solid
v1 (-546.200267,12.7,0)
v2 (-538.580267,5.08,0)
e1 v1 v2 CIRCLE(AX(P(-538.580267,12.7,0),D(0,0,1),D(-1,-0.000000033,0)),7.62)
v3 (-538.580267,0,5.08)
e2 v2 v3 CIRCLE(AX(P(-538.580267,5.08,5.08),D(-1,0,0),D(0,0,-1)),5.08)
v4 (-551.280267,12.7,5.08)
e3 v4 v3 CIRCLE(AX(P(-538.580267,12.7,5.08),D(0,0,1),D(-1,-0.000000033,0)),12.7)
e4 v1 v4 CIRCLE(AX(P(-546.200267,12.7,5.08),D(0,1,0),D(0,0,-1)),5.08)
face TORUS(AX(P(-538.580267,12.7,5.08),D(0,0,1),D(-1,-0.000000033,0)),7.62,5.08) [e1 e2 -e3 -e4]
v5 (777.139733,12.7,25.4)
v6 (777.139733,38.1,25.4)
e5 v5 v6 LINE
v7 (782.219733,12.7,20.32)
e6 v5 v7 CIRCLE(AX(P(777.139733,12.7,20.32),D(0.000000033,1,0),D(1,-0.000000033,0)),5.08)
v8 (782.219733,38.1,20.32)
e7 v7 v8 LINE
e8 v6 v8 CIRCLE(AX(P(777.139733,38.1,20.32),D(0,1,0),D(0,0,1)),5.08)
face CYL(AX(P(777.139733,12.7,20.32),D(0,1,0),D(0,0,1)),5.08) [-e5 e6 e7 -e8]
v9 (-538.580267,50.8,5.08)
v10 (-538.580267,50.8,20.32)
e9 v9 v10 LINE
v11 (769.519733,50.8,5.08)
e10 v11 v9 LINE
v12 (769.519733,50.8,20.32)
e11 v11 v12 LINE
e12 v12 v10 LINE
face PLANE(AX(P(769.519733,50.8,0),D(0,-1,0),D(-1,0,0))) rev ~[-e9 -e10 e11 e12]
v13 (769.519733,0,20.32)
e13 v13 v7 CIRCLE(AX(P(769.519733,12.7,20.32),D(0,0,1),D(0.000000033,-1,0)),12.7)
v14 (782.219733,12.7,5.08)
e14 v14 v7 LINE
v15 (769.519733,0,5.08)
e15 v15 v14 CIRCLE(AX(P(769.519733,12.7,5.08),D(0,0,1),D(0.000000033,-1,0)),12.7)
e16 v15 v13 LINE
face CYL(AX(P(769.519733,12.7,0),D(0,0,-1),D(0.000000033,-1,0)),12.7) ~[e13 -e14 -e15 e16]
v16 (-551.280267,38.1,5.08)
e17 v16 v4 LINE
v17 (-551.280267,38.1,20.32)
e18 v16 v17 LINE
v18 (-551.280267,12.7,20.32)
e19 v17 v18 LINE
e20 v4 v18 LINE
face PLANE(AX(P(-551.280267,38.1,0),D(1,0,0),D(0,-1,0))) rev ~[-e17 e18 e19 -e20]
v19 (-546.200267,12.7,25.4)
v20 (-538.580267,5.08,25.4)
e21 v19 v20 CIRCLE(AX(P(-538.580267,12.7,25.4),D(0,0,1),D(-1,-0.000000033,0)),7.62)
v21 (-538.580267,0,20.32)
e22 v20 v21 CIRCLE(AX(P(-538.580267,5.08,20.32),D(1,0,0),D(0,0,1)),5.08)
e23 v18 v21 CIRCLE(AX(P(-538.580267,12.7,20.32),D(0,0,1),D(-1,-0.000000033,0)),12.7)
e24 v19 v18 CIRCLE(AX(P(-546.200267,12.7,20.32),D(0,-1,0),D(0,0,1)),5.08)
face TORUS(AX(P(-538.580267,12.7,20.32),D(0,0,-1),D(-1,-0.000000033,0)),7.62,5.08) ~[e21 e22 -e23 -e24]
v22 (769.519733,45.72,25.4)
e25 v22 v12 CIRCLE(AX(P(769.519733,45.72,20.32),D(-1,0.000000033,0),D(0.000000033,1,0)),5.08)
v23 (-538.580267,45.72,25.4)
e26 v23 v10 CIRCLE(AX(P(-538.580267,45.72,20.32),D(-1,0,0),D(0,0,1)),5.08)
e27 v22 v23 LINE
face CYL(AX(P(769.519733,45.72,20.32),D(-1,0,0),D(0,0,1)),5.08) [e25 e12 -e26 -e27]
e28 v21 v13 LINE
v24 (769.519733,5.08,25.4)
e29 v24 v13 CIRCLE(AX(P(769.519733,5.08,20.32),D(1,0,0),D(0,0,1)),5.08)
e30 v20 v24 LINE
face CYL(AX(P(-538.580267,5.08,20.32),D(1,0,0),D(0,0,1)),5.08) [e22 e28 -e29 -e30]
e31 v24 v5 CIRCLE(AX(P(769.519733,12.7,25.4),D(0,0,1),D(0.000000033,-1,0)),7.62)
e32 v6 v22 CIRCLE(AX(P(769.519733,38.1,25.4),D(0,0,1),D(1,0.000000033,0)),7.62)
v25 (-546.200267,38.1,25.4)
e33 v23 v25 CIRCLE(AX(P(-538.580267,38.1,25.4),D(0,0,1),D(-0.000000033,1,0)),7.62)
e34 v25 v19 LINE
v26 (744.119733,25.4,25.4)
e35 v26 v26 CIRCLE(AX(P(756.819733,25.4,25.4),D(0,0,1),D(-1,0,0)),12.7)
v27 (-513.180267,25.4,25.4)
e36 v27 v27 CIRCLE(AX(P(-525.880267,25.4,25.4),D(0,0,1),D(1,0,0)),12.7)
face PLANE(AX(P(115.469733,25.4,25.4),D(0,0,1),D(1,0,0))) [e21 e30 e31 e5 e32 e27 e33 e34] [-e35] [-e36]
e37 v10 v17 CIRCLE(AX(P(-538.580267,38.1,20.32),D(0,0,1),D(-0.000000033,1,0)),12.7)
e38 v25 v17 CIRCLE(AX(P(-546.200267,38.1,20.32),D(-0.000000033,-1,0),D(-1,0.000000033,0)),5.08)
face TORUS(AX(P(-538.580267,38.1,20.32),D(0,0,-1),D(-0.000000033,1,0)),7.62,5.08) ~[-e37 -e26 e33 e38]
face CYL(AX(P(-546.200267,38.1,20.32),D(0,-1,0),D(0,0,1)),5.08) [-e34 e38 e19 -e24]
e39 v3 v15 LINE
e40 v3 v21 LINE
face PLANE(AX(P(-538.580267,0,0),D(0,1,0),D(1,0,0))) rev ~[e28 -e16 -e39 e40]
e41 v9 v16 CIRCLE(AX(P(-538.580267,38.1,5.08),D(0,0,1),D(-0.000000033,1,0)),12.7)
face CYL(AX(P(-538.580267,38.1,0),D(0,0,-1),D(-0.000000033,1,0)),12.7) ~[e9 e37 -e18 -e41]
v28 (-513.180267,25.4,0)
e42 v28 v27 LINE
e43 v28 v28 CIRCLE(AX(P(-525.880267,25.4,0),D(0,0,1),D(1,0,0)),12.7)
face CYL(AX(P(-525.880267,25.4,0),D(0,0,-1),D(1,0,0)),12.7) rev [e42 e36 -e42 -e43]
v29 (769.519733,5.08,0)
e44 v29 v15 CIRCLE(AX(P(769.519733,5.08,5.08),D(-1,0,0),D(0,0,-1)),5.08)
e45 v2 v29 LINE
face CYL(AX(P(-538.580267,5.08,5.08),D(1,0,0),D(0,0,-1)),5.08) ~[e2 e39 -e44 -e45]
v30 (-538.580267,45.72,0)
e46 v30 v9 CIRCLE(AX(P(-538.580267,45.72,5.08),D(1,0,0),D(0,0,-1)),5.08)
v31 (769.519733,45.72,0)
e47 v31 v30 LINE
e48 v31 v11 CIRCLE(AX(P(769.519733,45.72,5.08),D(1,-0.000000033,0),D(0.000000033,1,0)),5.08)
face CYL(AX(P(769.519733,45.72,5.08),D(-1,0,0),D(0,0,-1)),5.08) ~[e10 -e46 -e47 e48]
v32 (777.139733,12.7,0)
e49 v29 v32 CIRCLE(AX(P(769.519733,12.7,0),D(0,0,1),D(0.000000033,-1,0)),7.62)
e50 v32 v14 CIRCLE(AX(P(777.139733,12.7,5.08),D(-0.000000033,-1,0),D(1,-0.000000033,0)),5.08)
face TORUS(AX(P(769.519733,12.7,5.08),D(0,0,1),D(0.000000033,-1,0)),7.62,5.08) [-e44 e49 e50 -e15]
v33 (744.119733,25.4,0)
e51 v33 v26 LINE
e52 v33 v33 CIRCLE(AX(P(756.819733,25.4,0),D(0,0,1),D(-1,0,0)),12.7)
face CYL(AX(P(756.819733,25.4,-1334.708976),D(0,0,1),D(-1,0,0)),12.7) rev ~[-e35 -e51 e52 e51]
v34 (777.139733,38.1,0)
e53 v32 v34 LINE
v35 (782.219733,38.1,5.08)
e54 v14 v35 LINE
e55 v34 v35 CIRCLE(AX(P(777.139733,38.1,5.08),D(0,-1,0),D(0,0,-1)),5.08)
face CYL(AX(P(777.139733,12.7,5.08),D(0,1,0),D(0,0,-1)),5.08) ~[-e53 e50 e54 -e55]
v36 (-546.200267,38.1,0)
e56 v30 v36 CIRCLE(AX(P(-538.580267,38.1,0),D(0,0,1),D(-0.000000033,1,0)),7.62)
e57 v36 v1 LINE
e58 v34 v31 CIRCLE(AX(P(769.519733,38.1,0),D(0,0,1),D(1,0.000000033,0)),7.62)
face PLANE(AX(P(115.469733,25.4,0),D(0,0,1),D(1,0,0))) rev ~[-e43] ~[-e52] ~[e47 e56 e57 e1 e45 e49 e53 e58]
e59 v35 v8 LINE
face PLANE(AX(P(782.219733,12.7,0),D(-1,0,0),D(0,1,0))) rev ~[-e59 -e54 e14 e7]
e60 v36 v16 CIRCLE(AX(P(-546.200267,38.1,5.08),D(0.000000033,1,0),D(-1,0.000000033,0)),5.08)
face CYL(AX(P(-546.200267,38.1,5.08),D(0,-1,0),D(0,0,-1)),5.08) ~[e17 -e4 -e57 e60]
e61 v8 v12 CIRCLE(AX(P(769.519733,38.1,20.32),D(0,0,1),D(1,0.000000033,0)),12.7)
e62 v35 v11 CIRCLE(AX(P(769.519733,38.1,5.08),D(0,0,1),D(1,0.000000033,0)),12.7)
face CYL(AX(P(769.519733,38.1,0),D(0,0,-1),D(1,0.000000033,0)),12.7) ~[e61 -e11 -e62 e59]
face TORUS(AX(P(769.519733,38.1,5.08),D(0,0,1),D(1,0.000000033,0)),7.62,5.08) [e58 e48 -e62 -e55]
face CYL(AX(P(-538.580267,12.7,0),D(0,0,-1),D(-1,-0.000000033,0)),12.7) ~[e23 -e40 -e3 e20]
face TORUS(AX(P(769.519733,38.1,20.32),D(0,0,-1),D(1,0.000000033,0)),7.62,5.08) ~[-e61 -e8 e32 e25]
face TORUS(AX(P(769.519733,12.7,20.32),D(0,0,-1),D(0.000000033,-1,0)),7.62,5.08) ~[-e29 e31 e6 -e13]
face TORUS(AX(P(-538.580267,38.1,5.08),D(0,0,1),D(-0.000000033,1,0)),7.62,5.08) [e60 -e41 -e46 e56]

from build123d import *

# Parameters (mm, degrees)
F0_R     = 12.7
F1_DEPTH = 25.4
F3_D     = 25.4
F4_R     = 5.08


with BuildPart() as f1:
    # F0 (on Top) → F1 (new body)
    with BuildSketch(Plane.XY):
        with BuildLine():
            Line((769.519733, 50.8), (-538.580267, 50.8))
            ThreePointArc((-538.580267, 50.8), (-547.560523, 47.080256), (-551.280267, 38.1))
            Line((-551.280267, 38.1), (-551.280267, 12.7))
            ThreePointArc((-551.280267, 12.7), (-547.560523, 3.719744), (-538.580267, 0))
            Line((-538.580267, 0), (769.519733, 0))
            ThreePointArc((769.519733, 0), (778.499989, 3.719744), (782.219733, 12.7))
            Line((782.219733, 12.7), (782.219733, 38.1))
            ThreePointArc((782.219733, 38.1), (778.499989, 47.080256), (769.519733, 50.8))
        make_face()
        with Locations((-525.880267, 25.4)):
            Circle(F0_R, mode=Mode.SUBTRACT)
    extrude(amount=F1_DEPTH)

    # F3 (through all)
    with Locations(Plane(origin=(0, 0, 0), x_dir=(1, 0, 0), z_dir=(0, 0, -1))):
        with Locations((756.819733, -25.4)):
            Hole(F3_D / 2)

    # F4
    f4_edges = [f1.edges().sort_by_distance(p)[0] for p in [
        (115.469733, 0, 0),
        (-551.280267, 25.4, 0),
        (115.469733, 50.8, 0),
        (782.219733, 25.4, 0),
        (115.469733, 0, 25.4),
        (782.219733, 25.4, 25.4),
        (115.469733, 50.8, 25.4),
        (-551.280267, 25.4, 25.4),
    ]]
    fillet(f4_edges, radius=F4_R)


solid = f1.part
